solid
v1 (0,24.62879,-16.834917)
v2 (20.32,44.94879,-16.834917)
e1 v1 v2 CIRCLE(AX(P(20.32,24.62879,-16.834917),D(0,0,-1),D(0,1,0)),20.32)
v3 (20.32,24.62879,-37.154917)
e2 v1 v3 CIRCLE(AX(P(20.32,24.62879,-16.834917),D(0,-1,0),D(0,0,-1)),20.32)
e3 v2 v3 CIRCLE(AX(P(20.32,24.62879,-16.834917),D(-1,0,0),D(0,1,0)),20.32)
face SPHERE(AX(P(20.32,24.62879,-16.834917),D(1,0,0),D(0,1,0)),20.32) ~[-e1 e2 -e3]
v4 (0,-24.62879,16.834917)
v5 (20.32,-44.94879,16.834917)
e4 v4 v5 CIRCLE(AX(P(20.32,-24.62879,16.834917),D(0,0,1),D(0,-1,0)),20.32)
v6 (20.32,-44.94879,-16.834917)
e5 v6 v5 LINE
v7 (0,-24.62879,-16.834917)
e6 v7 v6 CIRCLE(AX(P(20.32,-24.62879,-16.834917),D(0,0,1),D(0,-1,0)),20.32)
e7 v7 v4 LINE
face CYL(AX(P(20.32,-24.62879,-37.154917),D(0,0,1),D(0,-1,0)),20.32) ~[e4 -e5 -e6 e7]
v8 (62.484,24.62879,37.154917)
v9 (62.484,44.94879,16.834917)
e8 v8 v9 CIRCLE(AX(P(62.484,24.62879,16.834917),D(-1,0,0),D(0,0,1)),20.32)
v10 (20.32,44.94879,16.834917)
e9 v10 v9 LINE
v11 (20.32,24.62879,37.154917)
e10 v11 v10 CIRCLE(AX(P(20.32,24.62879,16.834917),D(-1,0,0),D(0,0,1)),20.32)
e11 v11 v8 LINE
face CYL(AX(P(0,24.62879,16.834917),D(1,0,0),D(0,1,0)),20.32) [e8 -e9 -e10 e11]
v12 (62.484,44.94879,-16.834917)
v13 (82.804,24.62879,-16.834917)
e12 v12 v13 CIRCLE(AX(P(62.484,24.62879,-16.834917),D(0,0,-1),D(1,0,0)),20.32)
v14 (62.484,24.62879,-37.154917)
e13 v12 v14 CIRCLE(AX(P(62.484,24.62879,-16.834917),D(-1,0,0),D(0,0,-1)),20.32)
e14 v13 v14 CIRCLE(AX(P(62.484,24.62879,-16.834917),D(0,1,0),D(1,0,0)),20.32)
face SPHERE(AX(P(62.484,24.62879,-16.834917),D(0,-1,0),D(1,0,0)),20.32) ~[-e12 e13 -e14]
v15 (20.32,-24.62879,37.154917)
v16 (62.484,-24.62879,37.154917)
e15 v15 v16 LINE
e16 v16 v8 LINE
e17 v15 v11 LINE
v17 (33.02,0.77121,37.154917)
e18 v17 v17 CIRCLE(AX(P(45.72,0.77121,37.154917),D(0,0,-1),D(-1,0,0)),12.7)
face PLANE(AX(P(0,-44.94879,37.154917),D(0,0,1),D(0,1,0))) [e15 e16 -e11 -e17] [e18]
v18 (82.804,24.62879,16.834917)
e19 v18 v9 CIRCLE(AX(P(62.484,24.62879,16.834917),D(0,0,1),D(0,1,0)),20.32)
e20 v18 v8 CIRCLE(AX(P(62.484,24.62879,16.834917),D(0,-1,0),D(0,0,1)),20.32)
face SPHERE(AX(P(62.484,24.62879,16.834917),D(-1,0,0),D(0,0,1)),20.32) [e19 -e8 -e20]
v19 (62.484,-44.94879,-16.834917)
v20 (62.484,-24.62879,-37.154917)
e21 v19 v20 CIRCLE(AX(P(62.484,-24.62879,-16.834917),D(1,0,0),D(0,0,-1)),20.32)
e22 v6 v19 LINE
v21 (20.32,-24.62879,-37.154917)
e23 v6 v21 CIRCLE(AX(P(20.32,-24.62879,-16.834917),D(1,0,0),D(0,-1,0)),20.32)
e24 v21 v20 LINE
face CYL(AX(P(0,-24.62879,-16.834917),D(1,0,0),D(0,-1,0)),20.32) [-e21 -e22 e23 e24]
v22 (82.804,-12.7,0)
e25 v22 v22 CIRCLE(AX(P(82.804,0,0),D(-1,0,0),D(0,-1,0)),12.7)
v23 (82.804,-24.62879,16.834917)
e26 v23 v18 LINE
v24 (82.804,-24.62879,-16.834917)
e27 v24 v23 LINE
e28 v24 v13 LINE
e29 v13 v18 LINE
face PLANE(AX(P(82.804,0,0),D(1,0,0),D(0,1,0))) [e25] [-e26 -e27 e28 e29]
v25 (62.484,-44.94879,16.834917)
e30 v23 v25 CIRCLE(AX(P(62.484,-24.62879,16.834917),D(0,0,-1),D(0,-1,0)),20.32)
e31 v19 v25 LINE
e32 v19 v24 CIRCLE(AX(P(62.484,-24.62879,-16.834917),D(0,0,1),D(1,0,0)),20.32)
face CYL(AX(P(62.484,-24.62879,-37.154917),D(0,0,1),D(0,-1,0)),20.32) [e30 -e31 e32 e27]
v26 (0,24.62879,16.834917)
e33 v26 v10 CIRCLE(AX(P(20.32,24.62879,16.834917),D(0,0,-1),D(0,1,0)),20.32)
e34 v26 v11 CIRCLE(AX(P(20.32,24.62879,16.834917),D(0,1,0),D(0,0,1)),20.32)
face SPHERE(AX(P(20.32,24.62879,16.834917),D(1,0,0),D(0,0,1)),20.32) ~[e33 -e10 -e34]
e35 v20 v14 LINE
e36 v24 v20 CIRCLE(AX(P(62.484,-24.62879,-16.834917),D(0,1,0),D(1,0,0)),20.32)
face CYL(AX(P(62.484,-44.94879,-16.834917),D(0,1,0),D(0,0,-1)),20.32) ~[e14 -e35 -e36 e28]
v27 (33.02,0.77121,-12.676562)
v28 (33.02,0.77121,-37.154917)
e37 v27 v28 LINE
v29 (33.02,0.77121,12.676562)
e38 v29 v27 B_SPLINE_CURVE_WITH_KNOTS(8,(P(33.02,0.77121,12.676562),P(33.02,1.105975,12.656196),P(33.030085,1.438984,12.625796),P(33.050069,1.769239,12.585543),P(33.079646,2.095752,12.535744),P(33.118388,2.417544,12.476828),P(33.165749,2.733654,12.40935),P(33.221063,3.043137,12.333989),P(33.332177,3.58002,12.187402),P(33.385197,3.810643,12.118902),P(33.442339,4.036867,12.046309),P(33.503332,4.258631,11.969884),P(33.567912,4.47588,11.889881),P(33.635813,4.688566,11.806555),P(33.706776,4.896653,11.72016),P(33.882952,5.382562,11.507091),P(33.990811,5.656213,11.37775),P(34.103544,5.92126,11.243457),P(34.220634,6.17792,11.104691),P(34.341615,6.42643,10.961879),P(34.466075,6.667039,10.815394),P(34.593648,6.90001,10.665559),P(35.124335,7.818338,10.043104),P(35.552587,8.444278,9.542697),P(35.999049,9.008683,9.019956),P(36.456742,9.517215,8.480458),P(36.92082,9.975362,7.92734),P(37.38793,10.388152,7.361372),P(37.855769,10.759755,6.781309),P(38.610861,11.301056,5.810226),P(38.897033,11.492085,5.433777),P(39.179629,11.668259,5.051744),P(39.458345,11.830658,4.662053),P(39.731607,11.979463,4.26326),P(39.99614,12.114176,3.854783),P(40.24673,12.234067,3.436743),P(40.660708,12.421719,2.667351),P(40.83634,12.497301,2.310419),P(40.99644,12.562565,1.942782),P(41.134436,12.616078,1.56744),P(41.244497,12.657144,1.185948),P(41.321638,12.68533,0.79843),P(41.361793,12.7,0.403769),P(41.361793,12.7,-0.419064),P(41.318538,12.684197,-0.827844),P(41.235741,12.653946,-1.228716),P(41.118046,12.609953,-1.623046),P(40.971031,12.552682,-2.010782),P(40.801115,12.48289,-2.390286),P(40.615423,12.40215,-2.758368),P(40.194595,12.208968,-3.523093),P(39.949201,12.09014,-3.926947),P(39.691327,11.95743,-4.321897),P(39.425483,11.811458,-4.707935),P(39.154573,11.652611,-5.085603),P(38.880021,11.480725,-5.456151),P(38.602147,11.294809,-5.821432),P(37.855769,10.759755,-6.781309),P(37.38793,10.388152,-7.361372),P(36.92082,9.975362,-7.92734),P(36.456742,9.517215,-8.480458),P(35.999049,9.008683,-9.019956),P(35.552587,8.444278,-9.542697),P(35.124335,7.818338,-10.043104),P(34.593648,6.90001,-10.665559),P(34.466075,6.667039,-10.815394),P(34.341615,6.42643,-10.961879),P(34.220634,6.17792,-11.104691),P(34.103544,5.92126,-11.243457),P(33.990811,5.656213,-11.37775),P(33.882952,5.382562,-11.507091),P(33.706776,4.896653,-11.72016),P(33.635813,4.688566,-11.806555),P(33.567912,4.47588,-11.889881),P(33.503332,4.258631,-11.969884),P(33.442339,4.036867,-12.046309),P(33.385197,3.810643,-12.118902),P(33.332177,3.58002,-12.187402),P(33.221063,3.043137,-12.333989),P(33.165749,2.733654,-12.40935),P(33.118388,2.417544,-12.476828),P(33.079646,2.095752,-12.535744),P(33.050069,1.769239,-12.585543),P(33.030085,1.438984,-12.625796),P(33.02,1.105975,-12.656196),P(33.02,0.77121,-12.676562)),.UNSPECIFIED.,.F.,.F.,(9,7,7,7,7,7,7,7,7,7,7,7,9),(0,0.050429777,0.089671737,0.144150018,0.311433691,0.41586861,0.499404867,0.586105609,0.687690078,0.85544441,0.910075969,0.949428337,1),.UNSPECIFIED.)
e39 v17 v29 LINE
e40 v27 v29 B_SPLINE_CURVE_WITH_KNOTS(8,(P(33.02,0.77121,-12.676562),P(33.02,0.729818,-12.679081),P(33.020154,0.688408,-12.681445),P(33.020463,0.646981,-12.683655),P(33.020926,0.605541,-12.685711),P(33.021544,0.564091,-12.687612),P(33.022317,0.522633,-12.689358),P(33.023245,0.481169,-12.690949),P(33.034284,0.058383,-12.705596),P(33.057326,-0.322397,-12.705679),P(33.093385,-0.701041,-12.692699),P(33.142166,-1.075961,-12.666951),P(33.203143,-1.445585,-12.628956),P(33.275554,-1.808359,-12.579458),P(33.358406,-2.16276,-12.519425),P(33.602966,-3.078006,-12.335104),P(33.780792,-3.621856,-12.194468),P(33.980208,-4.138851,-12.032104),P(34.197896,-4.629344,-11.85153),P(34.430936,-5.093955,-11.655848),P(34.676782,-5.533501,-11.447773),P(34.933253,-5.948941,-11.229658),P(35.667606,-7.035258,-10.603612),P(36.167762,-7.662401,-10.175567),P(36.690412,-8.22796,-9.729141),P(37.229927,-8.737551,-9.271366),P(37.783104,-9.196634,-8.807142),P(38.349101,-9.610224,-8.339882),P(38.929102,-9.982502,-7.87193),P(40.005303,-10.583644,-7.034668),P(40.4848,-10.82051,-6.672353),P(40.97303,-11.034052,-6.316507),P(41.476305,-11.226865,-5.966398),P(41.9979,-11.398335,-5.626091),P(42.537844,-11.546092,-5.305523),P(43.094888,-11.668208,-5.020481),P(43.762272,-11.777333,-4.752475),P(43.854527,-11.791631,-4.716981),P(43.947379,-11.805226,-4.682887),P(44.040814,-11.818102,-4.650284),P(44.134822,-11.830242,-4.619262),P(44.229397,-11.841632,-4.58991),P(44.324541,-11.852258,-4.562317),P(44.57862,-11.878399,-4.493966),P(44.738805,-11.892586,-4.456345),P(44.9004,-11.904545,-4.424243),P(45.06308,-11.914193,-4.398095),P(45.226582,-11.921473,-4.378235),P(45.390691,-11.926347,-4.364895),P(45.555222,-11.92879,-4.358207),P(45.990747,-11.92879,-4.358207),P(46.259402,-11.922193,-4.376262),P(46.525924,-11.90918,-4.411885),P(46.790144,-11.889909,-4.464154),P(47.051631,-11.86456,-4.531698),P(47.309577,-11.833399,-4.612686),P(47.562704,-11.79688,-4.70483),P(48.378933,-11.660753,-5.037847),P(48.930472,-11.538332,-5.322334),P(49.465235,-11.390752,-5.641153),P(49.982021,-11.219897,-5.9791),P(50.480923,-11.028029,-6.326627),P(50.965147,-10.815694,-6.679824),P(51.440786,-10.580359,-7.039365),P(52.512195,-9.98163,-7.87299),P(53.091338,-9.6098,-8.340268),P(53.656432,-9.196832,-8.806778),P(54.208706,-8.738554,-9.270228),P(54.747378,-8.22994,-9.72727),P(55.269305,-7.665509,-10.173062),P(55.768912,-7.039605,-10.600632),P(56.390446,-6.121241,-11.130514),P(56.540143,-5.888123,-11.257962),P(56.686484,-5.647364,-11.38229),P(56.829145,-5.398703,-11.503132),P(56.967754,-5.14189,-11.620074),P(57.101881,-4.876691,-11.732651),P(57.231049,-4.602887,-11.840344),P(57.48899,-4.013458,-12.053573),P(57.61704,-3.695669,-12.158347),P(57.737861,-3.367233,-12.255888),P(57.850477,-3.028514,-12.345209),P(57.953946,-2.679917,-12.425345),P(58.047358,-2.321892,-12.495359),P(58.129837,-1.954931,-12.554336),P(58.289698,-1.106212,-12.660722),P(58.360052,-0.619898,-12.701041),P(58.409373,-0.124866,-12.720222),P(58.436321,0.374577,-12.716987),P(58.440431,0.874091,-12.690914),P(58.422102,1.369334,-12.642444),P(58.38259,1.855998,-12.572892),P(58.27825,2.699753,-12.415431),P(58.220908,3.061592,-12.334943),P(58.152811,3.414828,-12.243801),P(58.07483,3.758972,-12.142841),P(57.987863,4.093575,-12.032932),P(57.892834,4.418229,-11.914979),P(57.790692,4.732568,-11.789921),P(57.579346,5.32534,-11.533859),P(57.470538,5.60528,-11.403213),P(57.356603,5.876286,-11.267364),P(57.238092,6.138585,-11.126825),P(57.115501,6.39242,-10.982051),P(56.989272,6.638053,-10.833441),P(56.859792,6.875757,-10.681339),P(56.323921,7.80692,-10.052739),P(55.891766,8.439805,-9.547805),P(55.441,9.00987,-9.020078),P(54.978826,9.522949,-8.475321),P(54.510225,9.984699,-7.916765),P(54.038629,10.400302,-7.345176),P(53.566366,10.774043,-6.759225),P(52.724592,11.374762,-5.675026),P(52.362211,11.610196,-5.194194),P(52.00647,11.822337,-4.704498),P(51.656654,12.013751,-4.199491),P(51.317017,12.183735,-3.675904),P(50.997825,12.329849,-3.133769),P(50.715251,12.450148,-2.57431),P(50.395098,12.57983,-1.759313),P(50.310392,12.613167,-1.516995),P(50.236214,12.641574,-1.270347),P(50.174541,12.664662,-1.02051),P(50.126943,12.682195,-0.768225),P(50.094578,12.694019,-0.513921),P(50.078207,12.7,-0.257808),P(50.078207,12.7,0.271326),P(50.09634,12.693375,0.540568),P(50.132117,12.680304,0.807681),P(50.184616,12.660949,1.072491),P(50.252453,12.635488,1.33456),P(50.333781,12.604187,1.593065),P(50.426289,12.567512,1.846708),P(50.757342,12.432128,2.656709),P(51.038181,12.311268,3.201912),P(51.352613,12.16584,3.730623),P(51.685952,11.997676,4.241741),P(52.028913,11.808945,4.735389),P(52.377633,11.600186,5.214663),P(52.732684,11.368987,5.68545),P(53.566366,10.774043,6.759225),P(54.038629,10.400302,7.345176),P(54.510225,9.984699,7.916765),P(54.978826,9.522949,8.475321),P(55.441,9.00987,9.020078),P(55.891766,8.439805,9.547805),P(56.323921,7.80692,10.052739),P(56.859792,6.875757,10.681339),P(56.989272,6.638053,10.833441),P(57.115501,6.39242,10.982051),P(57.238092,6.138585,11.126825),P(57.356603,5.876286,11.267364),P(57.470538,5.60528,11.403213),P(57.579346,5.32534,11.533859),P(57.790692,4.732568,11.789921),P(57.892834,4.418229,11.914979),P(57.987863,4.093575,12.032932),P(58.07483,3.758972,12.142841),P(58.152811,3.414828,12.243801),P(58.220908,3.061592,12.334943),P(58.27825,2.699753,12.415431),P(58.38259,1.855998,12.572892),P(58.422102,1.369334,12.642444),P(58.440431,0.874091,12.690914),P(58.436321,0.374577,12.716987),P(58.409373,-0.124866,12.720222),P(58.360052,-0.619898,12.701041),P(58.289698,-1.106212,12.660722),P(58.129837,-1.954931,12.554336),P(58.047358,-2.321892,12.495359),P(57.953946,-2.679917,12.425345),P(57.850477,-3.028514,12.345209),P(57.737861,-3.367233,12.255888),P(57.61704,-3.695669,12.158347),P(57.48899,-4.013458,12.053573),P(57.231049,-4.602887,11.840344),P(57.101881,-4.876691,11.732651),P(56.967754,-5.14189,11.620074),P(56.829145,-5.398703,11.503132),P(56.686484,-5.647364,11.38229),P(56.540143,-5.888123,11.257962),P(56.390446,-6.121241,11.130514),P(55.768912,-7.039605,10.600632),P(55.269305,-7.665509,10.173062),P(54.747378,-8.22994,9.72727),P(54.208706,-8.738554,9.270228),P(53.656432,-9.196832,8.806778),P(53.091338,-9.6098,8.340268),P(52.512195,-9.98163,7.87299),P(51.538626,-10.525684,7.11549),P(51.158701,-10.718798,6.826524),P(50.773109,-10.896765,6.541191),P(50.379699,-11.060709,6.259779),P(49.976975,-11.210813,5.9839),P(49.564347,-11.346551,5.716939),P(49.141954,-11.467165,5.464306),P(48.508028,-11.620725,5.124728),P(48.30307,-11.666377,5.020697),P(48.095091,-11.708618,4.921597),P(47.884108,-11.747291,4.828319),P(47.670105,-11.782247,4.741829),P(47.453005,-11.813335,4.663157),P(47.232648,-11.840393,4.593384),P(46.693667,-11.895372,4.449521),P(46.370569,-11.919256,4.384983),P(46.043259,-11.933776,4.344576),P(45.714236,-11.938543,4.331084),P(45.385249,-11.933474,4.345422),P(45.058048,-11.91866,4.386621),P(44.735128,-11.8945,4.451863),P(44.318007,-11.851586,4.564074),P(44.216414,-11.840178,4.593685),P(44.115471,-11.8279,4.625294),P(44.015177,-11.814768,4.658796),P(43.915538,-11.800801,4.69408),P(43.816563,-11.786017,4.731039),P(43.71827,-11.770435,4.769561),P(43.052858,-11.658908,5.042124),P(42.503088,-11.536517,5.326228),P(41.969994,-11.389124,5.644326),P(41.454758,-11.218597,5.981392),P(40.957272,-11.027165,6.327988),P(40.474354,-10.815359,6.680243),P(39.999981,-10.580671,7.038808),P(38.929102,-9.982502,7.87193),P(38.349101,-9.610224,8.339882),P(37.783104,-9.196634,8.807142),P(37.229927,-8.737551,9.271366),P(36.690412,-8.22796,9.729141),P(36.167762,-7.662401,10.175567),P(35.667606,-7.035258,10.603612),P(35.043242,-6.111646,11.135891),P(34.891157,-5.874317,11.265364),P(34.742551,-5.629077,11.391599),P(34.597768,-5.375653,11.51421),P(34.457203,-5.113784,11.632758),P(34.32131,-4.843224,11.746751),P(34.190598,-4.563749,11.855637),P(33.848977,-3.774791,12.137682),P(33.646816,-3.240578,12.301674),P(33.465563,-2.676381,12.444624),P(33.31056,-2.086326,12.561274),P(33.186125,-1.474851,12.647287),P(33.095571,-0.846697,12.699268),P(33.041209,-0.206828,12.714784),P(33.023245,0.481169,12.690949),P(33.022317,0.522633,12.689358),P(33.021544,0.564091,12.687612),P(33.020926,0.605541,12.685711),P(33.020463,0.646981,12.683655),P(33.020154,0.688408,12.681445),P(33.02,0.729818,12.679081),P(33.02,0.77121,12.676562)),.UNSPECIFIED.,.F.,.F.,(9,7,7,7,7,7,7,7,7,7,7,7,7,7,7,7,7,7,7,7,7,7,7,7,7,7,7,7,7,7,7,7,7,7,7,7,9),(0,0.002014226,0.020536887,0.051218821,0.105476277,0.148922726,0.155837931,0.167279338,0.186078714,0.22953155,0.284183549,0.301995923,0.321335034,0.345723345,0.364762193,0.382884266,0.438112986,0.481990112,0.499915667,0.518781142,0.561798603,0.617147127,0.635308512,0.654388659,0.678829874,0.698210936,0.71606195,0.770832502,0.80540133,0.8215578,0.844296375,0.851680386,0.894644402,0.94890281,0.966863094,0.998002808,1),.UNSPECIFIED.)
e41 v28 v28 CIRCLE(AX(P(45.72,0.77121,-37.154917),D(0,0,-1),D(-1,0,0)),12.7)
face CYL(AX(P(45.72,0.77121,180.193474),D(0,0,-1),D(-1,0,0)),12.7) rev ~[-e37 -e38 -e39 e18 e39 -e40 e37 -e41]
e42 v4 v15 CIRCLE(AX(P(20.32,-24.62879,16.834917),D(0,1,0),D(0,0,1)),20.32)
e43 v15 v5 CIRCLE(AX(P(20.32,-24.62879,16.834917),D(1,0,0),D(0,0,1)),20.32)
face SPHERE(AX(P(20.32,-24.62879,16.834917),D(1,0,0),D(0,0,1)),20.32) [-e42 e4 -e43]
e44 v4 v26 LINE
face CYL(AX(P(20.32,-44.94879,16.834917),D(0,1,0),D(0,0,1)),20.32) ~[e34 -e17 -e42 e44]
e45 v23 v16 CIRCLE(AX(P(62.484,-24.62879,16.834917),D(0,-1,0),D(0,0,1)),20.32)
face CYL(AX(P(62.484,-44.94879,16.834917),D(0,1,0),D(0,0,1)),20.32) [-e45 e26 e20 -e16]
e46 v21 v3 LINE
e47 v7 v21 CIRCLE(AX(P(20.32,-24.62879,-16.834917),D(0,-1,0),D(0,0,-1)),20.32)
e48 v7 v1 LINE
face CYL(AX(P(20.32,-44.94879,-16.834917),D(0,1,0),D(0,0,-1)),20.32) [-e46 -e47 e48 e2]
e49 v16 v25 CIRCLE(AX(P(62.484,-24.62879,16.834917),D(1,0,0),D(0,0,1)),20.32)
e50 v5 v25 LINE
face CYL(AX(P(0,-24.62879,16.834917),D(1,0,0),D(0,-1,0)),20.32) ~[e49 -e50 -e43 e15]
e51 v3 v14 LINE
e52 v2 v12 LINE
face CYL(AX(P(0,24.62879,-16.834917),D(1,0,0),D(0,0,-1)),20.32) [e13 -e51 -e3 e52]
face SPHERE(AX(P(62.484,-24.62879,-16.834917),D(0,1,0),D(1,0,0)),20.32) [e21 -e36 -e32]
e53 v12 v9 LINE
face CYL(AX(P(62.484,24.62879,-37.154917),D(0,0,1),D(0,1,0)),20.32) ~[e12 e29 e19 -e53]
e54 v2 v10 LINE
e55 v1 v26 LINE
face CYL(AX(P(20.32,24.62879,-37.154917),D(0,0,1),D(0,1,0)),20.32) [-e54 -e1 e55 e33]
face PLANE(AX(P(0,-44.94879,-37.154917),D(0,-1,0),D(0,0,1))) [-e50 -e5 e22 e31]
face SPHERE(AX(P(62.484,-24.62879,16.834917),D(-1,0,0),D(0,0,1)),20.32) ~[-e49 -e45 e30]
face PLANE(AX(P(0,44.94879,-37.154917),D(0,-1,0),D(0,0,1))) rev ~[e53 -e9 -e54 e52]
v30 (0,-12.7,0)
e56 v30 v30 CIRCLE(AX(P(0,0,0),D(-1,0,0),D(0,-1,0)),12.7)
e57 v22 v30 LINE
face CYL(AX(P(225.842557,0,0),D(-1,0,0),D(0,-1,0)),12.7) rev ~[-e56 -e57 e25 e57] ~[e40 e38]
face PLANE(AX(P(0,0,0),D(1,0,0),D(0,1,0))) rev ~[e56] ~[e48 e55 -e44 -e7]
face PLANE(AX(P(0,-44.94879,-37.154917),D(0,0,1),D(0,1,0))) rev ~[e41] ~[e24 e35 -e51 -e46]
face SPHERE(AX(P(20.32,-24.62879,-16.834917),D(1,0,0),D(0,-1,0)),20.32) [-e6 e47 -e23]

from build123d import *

# Parameters (mm, degrees)
F0_W     = 89.89758
F0_H     = 74.309834
F1_DEPTH = 82.804
F2_R     = 20.32
F4_D     = 25.4
F6_D     = 25.4


with BuildPart() as f1:
    # F0 (on Right) → F1 (new body)
    with BuildSketch(Plane.YZ):
        Rectangle(F0_W, F0_H)
    extrude(amount=F1_DEPTH)

    # F2
    f2_edges = [f1.edges().sort_by_distance(p)[0] for p in [
        (41.402, 44.94879, 37.154917),
        (41.402, -44.94879, 37.154917),
        (0, 0, 37.154917),
        (82.804, 0, 37.154917),
        (82.804, 0, -37.154917),
        (82.804, 44.94879, 0),
        (82.804, -44.94879, 0),
        (41.402, -44.94879, -37.154917),
        (0, -44.94879, 0),
        (41.402, 44.94879, -37.154917),
        (0, 44.94879, 0),
        (0, 0, -37.154917),
    ]]
    fillet(f2_edges, radius=F2_R)

    # F4 (through all)
    with Locations(Plane.XY.offset(37.154917)):
        with Locations((45.72, 0.77121)):
            Hole(F4_D / 2)

    # F6 (through all)
    with Locations(Plane.YZ.offset(82.804)):
        with Locations((0, 0)):
            Hole(F6_D / 2)


solid = f1.part
